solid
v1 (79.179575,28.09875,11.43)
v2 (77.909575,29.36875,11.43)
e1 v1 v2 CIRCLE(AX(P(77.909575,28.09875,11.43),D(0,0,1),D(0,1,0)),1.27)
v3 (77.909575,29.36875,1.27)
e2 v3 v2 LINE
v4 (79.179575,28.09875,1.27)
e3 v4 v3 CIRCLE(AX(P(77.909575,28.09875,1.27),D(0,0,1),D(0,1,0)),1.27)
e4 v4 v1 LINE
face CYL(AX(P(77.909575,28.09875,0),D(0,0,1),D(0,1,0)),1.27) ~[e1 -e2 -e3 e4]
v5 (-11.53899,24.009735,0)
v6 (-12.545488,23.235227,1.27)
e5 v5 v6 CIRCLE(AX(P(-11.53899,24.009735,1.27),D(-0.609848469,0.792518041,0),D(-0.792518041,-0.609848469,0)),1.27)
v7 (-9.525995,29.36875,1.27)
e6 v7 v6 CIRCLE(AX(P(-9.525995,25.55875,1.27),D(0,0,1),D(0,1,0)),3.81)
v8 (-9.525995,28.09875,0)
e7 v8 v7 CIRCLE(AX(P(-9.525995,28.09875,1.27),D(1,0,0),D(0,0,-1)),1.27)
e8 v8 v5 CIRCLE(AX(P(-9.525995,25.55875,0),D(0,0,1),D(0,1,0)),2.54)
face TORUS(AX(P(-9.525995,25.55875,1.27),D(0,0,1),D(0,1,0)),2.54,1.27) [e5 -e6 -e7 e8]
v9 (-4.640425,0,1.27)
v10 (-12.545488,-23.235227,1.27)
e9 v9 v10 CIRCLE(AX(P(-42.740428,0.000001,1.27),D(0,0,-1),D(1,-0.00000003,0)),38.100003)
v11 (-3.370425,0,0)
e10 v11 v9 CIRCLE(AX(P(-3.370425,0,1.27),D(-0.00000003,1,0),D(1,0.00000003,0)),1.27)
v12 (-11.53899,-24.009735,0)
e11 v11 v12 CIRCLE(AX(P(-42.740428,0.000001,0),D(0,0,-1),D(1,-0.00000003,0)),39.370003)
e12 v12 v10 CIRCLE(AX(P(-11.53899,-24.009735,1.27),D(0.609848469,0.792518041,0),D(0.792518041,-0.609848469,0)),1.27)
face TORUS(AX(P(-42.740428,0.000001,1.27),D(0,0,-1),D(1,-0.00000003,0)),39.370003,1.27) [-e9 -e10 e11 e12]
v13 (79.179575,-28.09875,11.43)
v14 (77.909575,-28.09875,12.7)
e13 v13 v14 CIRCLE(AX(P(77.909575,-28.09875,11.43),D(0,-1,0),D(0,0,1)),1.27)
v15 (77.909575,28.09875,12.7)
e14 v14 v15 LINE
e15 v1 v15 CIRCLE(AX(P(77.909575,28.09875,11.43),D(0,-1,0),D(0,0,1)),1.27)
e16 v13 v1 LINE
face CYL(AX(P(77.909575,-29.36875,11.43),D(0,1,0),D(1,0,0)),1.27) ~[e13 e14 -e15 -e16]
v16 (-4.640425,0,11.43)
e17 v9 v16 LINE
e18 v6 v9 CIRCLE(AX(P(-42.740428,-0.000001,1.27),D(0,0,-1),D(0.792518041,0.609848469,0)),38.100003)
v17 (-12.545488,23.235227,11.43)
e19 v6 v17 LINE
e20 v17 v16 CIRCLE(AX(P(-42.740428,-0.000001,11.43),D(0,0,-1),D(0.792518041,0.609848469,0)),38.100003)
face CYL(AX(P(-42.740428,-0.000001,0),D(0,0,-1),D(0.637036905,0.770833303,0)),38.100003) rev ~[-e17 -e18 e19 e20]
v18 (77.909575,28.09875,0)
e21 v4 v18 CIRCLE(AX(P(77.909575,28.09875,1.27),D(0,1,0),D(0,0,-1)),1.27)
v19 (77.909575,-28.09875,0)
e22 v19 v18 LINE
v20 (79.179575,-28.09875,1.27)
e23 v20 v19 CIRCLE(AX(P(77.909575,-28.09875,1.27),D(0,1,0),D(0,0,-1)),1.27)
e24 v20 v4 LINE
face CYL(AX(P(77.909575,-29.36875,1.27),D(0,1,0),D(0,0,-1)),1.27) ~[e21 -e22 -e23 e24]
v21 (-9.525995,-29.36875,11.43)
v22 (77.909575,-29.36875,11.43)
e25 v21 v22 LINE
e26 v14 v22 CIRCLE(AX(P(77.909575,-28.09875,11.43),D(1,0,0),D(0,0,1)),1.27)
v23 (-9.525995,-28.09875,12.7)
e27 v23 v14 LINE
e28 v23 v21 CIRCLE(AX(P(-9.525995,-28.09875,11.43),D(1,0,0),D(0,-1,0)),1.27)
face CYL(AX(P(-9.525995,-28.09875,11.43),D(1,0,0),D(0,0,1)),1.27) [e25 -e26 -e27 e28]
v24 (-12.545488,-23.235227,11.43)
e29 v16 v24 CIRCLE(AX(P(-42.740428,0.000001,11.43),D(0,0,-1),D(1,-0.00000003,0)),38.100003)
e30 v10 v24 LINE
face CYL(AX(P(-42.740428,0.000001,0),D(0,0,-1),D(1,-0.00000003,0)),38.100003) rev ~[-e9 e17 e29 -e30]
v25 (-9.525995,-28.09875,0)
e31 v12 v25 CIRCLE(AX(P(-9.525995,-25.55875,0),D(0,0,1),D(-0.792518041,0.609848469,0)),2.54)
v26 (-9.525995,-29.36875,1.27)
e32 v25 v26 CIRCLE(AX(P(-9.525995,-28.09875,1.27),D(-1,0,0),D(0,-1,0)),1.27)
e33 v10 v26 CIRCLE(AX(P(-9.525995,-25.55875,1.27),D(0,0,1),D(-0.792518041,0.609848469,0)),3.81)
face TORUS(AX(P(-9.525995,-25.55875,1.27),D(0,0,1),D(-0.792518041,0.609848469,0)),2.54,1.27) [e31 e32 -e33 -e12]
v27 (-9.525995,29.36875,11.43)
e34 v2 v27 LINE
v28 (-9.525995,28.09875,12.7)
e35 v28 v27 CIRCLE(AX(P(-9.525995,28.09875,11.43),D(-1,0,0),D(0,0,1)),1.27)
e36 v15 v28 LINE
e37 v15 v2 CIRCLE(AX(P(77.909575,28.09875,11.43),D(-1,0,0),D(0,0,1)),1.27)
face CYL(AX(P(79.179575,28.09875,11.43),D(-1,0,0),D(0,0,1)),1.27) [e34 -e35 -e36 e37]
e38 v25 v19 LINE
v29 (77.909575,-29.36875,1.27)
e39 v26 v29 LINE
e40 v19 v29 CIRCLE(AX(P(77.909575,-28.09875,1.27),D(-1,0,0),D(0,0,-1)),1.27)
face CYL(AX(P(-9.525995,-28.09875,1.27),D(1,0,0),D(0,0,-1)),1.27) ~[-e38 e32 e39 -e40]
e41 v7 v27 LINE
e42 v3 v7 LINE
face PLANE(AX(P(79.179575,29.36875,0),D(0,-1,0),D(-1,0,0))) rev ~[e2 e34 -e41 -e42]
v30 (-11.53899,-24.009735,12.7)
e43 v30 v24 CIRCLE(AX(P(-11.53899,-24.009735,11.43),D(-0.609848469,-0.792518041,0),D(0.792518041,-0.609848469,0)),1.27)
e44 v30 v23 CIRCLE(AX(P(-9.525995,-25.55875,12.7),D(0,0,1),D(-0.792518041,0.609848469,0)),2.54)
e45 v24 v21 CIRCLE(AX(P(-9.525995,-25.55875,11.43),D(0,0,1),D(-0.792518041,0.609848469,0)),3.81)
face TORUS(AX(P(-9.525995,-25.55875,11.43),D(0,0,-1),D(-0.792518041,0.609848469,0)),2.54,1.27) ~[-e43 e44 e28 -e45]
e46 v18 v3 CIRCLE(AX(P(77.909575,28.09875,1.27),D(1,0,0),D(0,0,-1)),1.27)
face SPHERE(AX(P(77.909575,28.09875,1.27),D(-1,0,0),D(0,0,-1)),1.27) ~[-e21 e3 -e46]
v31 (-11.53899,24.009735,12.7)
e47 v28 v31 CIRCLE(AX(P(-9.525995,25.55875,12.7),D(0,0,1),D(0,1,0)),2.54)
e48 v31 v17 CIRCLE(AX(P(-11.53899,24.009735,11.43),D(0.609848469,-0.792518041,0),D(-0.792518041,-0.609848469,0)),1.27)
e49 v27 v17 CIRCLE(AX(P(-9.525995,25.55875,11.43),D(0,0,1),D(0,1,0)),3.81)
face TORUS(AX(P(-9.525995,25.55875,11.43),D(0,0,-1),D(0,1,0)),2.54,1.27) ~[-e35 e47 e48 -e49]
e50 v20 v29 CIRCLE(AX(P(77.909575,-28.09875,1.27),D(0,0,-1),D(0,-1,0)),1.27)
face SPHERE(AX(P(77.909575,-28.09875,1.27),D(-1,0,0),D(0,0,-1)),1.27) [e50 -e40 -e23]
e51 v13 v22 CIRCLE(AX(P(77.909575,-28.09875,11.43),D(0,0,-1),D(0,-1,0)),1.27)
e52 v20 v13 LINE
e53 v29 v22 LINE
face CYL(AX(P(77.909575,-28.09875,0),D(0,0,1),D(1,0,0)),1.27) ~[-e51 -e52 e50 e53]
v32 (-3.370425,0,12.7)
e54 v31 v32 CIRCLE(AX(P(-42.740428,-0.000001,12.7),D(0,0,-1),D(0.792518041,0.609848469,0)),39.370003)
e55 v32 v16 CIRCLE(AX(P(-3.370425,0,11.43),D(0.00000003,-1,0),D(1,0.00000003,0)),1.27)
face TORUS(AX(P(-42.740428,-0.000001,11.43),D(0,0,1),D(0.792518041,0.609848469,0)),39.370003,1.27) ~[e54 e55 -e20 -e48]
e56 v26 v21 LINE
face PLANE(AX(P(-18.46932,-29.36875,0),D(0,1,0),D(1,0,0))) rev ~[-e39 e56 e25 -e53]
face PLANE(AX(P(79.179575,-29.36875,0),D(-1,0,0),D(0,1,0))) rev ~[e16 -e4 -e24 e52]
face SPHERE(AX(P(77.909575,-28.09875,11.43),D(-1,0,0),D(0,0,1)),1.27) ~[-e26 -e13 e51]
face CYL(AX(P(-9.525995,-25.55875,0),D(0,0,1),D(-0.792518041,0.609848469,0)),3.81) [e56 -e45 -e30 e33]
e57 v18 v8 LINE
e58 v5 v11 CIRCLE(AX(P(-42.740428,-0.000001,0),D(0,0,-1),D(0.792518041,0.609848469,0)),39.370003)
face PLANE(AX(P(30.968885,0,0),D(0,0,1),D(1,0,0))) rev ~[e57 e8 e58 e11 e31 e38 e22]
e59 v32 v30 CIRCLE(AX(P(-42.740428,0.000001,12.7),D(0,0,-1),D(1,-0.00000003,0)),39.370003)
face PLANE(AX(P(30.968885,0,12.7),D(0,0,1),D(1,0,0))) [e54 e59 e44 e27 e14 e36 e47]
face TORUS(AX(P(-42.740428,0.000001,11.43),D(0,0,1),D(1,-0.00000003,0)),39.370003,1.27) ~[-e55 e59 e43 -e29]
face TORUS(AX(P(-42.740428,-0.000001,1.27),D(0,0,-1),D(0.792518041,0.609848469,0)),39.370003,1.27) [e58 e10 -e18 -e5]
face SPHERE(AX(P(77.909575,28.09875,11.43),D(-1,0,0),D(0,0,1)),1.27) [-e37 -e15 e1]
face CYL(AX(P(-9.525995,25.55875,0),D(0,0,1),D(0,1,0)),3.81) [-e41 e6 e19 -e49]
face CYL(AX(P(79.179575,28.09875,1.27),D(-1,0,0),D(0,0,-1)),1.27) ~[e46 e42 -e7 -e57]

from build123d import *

# Parameters (mm, degrees)
F1_DEPTH = 12.7
F2_R     = 3.81
F3_R     = 1.27


with BuildPart() as f1:
    # F0 (on Top) → F1 (new body)
    with BuildSketch(Plane.XY):
        with BuildLine():
            Line((79.179575, 29.36875), (-18.46932, 29.36875))
            ThreePointArc((-18.46932, 29.36875), (-8.27059, 16.230849), (-4.640425, 0))
            ThreePointArc((-4.640425, 0), (-8.27059, -16.230849), (-18.46932, -29.36875))
            Line((-18.46932, -29.36875), (79.179575, -29.36875))
            Line((79.179575, -29.36875), (79.179575, 29.36875))
        make_face()
    extrude(amount=F1_DEPTH)

    # F2
    f2_edges = [f1.edges().sort_by_distance(p)[0] for p in [
        (-18.46932, 29.36875, 6.35),
        (-18.46932, -29.36875, 6.35),
    ]]
    fillet(f2_edges, radius=F2_R)

    # F3
    f3_edges = [f1.edges().sort_by_distance(p)[0] for p in [
        (34.82679, -29.36875, 12.7),
        (-12.944234, -27.241527, 12.7),
        (79.179575, 0, 12.7),
        (-4.640425, 0, 12.7),
        (34.82679, 29.36875, 12.7),
        (-12.944234, 27.241527, 12.7),
        (34.82679, -29.36875, 0),
        (-12.944234, -27.241527, 0),
        (79.179575, 0, 0),
        (-4.640425, 0, 0),
        (34.82679, 29.36875, 0),
        (-12.944234, 27.241527, 0),
        (79.179575, -29.36875, 6.35),
        (79.179575, 29.36875, 6.35),
    ]]
    fillet(f3_edges, radius=F3_R)


solid = f1.part
